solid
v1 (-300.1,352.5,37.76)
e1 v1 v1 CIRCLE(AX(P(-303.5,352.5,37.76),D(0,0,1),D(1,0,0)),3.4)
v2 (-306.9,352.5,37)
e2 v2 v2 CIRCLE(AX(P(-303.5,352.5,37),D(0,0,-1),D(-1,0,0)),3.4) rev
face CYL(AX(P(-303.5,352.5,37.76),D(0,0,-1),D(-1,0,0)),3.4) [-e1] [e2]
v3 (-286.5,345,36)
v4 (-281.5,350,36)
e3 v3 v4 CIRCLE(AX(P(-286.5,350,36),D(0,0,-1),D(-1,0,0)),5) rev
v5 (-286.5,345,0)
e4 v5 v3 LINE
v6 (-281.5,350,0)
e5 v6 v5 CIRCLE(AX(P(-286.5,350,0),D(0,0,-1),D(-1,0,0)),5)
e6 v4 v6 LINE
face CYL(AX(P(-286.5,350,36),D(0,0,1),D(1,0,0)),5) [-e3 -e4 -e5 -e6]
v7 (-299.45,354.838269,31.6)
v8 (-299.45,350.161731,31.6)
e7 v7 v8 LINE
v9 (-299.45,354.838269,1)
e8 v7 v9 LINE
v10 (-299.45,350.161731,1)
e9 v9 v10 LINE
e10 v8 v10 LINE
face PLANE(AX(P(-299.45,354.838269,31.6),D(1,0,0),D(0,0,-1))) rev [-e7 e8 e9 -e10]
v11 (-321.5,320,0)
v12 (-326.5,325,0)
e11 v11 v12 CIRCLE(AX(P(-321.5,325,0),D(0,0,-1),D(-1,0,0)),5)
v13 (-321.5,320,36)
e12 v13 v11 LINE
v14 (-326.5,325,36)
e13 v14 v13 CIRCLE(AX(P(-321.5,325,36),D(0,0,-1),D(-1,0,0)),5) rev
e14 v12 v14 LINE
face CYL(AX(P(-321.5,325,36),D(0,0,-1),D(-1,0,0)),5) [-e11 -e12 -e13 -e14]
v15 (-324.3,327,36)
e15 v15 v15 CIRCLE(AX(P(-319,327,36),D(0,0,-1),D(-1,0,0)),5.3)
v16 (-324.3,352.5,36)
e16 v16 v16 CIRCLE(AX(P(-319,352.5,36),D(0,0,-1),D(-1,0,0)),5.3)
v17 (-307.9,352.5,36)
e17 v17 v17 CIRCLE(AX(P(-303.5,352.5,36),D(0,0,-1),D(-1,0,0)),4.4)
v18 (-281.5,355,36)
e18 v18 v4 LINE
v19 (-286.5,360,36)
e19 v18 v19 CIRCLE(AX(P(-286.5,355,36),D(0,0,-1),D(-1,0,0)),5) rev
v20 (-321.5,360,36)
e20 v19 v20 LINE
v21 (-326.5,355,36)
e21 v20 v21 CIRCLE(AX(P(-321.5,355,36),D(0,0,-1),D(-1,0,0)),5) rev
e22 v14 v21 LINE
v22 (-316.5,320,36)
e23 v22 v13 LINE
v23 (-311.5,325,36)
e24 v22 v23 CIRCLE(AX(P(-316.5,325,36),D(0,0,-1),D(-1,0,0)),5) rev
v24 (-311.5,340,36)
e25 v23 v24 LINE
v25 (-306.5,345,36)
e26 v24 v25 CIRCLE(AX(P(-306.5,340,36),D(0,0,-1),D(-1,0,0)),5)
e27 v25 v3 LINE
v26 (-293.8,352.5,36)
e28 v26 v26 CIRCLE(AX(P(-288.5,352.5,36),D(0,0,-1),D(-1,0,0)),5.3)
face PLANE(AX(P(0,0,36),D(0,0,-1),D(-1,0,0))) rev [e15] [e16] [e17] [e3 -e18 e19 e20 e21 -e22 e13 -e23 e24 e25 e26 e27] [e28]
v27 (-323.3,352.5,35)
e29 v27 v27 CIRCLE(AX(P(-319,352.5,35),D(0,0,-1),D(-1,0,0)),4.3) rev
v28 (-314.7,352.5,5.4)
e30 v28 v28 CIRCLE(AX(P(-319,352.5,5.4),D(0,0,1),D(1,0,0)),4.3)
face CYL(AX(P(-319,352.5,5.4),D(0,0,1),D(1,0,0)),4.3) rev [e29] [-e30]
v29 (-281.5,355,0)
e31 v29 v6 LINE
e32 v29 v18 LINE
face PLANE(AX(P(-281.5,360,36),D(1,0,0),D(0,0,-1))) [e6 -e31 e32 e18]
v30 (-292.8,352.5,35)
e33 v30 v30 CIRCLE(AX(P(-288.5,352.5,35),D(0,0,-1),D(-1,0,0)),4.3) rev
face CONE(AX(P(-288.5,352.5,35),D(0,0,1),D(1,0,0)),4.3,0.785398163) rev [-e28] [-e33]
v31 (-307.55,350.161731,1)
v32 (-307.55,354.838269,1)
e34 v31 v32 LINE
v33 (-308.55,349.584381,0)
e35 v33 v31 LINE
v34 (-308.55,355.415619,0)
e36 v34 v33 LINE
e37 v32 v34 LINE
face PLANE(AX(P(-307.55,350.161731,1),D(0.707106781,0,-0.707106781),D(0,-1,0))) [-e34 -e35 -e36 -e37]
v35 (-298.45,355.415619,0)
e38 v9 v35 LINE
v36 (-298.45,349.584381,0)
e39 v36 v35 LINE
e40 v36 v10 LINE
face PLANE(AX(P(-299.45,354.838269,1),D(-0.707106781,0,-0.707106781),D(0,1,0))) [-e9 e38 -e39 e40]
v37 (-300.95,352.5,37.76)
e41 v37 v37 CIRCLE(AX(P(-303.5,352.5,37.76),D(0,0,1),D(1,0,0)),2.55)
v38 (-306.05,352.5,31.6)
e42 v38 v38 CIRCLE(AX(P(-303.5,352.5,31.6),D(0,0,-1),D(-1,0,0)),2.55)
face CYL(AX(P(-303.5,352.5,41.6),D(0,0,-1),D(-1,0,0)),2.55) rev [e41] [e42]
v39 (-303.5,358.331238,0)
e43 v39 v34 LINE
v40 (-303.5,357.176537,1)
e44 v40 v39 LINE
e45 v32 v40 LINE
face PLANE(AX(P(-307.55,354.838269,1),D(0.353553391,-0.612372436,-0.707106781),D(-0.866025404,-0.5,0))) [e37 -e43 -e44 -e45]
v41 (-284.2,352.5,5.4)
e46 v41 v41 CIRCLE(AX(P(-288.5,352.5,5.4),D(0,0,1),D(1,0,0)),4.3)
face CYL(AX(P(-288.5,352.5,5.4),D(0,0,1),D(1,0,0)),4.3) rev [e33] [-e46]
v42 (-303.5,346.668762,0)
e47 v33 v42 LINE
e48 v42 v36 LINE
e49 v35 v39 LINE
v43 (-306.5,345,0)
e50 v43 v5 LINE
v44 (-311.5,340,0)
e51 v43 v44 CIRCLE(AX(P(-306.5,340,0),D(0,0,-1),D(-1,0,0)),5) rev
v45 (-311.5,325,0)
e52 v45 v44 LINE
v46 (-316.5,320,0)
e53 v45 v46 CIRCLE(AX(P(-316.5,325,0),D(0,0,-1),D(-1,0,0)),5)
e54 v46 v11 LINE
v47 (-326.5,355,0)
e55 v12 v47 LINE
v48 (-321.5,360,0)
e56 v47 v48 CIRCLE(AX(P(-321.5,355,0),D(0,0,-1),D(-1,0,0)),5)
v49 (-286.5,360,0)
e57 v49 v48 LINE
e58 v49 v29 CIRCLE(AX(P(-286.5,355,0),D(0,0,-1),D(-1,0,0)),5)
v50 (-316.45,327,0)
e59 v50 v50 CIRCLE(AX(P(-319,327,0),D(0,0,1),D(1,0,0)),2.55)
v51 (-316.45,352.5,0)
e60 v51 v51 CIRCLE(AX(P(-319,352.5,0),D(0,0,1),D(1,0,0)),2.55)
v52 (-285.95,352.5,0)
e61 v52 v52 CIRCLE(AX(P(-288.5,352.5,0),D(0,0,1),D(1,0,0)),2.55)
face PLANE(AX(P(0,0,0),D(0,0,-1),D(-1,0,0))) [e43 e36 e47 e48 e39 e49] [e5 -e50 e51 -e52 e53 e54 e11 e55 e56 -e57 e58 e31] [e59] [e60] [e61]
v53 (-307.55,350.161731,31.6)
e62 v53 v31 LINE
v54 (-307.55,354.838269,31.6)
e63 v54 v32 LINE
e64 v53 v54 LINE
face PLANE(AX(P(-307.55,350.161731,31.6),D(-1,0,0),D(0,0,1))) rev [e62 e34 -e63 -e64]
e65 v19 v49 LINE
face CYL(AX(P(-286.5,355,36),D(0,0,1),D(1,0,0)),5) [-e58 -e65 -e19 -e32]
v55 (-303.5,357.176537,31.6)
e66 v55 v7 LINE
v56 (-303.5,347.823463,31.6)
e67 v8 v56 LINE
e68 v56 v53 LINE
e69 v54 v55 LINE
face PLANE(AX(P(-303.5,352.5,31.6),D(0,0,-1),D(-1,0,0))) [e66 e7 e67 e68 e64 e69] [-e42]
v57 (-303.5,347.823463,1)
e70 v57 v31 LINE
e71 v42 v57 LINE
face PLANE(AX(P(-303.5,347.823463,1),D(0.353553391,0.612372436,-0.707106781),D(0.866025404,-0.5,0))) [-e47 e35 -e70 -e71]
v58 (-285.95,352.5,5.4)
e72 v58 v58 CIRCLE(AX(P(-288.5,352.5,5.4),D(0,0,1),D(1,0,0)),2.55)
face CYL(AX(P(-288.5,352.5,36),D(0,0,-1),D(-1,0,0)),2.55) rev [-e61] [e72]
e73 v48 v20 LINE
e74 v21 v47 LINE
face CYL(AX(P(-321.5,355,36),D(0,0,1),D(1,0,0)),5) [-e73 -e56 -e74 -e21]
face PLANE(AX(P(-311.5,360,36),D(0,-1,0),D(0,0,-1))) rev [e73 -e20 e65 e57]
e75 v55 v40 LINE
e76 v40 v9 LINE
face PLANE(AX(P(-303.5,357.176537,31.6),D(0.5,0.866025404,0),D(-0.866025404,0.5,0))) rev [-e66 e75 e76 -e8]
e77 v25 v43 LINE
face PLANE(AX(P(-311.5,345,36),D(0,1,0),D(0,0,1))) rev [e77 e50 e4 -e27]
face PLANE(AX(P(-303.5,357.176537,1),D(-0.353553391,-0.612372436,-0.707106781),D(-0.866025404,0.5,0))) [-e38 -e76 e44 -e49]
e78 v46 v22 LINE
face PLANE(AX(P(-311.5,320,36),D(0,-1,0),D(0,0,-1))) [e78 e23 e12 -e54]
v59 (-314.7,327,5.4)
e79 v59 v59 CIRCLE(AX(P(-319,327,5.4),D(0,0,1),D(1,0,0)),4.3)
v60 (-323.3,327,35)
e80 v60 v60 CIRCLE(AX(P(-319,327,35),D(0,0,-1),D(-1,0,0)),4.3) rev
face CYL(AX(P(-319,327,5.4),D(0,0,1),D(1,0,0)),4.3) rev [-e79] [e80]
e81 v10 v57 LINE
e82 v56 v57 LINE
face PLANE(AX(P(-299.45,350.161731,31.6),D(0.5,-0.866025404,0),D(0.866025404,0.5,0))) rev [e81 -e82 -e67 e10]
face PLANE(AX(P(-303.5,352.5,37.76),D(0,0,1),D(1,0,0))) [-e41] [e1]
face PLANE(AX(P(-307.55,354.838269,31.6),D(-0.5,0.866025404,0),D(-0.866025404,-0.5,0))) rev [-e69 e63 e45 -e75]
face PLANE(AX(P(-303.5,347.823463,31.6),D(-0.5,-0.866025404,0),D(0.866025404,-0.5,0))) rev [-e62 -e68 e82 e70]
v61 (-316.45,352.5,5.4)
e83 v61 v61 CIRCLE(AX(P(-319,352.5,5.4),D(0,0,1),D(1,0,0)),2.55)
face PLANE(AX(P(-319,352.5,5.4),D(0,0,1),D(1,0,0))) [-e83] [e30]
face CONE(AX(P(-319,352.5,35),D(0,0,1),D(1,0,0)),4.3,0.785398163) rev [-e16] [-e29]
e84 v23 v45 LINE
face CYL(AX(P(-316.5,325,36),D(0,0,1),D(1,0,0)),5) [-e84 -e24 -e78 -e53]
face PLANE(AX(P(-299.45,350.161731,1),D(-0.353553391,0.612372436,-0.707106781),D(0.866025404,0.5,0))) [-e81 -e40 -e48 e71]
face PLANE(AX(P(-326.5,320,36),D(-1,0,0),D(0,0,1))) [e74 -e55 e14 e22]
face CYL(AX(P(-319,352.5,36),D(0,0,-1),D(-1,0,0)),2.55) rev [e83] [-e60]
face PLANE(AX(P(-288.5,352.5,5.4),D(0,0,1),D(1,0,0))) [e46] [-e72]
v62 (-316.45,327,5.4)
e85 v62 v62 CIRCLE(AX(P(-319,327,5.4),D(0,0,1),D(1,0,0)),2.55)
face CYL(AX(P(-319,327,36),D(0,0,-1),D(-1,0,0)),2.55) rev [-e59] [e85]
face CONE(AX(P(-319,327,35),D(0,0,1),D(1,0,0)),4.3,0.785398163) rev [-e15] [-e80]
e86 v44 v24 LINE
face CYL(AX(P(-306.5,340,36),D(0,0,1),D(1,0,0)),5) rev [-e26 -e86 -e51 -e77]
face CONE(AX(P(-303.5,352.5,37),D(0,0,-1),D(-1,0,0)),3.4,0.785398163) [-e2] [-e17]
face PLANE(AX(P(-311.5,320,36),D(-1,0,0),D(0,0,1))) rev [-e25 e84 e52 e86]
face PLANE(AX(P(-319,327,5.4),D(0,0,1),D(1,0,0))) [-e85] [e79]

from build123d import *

# Parameters (mm, degrees)
SKETCH2_R           = 2.55
SKETCH2_W           = 30
SKETCH2_H           = 15
BOSS_EXTRUDE1_DEPTH = 36
SKETCH3_R           = 4.3
CUT_EXTRUDE1_DEPTH  = 30.6
SKETCH4_R           = 4.05
CUT_EXTRUDE2_DEPTH  = 31.6
FILLET1_R           = 5
CHAMFER1_SIZE       = 1
SKETCH8_R           = 2.55
CUT_EXTRUDE3_DEPTH  = 10
SKETCH9_R           = 3.4
SKETCH9_R_2         = 2.55
BOSS_EXTRUDE3_DEPTH = 1.76
CHAMFER3_SIZE       = 1
CHAMFER4_SIZE       = 1


with BuildPart() as part:
    # Sketch2 → Boss-Extrude1 (new body)
    # profile 1 of 2: a face of its own
    with BuildSketch(Plane.XY):
        Polygon((-326.5, 320), (-311.5, 320), (-311.5, 345), (-311.5, 360), (-326.5, 360), align=None)
        with Locations((-319, 327)):
            Circle(SKETCH2_R, mode=Mode.SUBTRACT)
        with Locations((-319, 352.5)):
            Circle(SKETCH2_R, mode=Mode.SUBTRACT)
    # profile 2 of 2: a face of its own
    with BuildSketch(Plane.XY):
        with Locations((-296.5, 352.5)):
            Rectangle(SKETCH2_W, SKETCH2_H)
        with Locations((-288.5, 352.5)):
            Circle(SKETCH2_R, mode=Mode.SUBTRACT)
    extrude(amount=BOSS_EXTRUDE1_DEPTH)

    # Sketch3 → Cut-Extrude1 (cut)
    with BuildSketch(Plane.XY.offset(36)):
        with Locations((-319, 352.5)):
            Circle(SKETCH3_R)
        with Locations((-319, 327)):
            Circle(SKETCH3_R)
        with Locations((-288.5, 352.5)):
            Circle(SKETCH3_R)
    extrude(amount=-CUT_EXTRUDE1_DEPTH, mode=Mode.SUBTRACT)

    # Sketch4 → Cut-Extrude2 (cut)
    with BuildSketch(Plane(origin=(0, 0, 0), x_dir=(-1, 0, 0), z_dir=(0, 0, -1))):
        with Locations((303.5, 352.5)):
            Circle(SKETCH4_R)
        Polygon((307.55, 354.83826859), (303.5, 357.17653718), (299.45, 354.83826859), (299.45, 350.16173141), (303.5, 347.82346282), (307.55, 350.16173141), align=None)
    extrude(amount=-CUT_EXTRUDE2_DEPTH, mode=Mode.SUBTRACT)

    # Fillet1
    fillet1_edges = [part.edges().sort_by_distance(p)[0] for p in [
        (-311.5, 345, 18),
        (-281.5, 345, 18),
        (-281.5, 360, 18),
        (-311.5, 320, 18),
        (-326.5, 320, 18),
        (-326.5, 360, 18),
    ]]
    fillet(fillet1_edges, radius=FILLET1_R)

    # Chamfer1
    chamfer1_edges = [part.edges().sort_by_distance(p)[0] for p in [
        (-292.8, 352.5, 36),
        (-323.3, 327, 36),
        (-323.3, 352.5, 36),
    ]]
    chamfer(chamfer1_edges, length=CHAMFER1_SIZE)

    # Sketch8 → Cut-Extrude3 (cut)
    with BuildSketch(Plane(origin=(0, 0, 31.6), x_dir=(-1, 0, 0), z_dir=(0, 0, -1))):
        with Locations((303.5, 352.5)):
            Circle(SKETCH8_R)
    extrude(amount=-CUT_EXTRUDE3_DEPTH, mode=Mode.SUBTRACT)

    # Sketch9 → Boss-Extrude3 (add)
    with BuildSketch(Plane.XY.offset(36)):
        with Locations(Location((-303.5, 352.5, 0), (0, 0, 180))):
            Circle(SKETCH9_R)
        with Locations(Location((-303.5, 352.5, 0), (0, 0, 180))):
            Circle(SKETCH9_R_2, mode=Mode.SUBTRACT)
    extrude(amount=BOSS_EXTRUDE3_DEPTH)

    # Chamfer3
    chamfer3_edges = [part.edges().sort_by_distance(p)[0] for p in [
        (-300.1, 352.5, 36),
    ]]
    chamfer(chamfer3_edges, length=CHAMFER3_SIZE)

    # Chamfer4
    chamfer4_edges = [part.edges().sort_by_distance(p)[0] for p in [
        (-305.525, 348.992597115, 0),
        (-307.55, 352.5, 0),
        (-305.525, 356.007402885, 0),
        (-301.475, 356.007402885, 0),
        (-299.45, 352.5, 0),
        (-301.475, 348.992597115, 0),
    ]]
    chamfer(chamfer4_edges, length=CHAMFER4_SIZE)


solid = part.part
